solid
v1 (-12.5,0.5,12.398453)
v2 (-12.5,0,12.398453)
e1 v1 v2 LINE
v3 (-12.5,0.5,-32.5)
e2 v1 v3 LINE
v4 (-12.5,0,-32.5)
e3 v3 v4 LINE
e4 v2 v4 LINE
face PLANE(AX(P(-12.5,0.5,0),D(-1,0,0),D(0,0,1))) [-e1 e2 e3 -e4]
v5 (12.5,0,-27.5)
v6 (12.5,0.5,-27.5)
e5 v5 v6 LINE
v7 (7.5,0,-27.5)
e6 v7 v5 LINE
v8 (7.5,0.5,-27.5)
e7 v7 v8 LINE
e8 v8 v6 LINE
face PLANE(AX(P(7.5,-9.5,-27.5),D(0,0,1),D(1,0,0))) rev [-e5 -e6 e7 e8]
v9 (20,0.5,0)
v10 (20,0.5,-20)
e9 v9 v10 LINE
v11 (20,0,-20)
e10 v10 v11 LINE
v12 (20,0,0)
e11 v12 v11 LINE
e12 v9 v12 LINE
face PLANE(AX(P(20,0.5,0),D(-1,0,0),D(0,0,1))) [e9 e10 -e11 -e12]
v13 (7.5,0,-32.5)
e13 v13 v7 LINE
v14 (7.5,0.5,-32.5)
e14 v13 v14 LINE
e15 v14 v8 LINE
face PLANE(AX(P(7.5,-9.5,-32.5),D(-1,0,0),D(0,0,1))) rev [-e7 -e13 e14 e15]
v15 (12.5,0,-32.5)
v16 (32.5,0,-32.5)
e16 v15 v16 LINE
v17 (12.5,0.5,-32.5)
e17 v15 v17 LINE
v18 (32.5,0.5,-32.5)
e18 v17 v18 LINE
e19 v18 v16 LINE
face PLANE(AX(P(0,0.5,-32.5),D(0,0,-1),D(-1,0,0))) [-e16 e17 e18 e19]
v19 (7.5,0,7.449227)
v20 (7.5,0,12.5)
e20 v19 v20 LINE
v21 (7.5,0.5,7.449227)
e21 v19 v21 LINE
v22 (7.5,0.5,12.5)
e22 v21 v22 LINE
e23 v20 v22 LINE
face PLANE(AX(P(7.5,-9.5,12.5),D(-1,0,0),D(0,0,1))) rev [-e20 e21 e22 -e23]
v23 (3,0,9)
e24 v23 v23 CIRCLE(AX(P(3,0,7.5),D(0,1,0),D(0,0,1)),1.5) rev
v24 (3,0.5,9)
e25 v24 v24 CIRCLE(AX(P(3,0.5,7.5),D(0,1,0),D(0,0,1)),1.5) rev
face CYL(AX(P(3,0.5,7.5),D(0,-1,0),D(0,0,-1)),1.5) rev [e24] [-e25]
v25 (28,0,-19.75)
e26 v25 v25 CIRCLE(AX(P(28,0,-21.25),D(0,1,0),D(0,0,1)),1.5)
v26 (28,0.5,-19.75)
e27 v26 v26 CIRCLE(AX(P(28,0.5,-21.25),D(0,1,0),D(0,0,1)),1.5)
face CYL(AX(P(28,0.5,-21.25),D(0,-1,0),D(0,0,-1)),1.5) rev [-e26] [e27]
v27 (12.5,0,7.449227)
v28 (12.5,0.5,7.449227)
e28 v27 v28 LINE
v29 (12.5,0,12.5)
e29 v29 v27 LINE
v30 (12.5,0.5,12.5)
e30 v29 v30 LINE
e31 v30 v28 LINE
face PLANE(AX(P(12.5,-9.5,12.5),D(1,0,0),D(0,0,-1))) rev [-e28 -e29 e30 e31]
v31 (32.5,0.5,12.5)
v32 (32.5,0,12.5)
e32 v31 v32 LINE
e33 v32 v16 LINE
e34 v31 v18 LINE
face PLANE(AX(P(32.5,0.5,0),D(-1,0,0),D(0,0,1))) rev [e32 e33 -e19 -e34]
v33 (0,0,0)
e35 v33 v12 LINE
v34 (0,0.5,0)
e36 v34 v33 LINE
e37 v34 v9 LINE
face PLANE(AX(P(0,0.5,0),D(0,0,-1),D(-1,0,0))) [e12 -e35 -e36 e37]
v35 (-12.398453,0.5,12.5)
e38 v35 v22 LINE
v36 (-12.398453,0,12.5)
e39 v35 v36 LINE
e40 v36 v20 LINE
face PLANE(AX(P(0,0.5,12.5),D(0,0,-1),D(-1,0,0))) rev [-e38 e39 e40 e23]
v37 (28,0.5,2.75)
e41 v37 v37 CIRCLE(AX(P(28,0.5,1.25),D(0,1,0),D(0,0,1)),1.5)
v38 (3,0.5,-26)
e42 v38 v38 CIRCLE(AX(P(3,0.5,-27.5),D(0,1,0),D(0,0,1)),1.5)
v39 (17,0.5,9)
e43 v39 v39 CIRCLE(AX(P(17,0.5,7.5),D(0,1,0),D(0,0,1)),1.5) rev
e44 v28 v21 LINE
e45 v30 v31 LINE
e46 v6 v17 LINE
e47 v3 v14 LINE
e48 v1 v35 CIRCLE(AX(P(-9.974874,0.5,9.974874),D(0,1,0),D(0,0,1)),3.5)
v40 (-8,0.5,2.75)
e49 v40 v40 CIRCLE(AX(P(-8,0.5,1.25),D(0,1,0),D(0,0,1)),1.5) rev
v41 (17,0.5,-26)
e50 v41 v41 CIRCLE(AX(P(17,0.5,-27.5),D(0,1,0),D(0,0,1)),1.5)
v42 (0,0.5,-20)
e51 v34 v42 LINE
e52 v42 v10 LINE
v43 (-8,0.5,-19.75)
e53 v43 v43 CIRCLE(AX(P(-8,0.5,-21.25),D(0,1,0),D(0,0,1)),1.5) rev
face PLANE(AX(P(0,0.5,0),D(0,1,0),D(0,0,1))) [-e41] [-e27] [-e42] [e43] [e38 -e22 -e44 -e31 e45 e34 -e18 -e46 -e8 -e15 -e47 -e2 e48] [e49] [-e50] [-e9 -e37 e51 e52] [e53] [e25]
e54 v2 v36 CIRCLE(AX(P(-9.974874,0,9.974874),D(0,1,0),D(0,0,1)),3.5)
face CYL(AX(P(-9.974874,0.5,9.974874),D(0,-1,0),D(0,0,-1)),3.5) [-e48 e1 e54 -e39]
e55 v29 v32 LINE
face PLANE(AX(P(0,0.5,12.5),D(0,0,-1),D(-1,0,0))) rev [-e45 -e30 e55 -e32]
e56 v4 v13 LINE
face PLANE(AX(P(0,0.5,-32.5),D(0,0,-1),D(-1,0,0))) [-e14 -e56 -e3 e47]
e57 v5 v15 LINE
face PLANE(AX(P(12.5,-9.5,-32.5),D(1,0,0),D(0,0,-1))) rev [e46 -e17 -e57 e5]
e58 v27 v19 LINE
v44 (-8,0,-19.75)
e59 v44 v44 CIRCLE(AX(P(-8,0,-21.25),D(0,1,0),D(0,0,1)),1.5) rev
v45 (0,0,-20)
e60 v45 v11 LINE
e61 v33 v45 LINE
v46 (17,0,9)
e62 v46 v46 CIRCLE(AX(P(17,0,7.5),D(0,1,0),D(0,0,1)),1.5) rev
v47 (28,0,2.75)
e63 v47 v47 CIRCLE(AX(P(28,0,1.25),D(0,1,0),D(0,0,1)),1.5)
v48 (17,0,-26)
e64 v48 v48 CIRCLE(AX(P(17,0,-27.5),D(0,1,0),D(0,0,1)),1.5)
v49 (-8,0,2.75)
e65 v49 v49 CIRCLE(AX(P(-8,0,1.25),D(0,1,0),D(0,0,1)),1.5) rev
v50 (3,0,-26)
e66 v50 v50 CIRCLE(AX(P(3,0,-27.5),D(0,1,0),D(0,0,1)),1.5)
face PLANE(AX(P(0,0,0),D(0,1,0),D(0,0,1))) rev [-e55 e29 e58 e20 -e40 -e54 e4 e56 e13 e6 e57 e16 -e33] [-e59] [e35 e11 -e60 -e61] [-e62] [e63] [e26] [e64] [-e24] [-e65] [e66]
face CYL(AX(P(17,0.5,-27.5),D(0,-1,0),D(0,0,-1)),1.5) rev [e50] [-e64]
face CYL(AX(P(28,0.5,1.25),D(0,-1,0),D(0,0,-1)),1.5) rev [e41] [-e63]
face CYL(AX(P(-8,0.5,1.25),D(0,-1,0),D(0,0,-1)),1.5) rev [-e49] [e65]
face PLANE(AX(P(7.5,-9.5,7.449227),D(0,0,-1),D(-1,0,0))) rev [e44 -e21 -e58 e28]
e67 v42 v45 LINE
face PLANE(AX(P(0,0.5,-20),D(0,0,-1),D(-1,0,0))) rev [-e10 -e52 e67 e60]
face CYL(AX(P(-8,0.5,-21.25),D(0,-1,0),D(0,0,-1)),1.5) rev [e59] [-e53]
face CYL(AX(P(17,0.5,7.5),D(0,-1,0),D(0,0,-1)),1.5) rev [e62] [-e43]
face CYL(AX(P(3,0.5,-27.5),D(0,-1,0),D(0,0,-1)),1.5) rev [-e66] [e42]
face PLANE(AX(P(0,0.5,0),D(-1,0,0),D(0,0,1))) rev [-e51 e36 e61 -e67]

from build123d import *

# Parameters (mm, degrees)
CROQUIS1_R              = 1.5
CROQUIS1_W              = 20
CROQUIS1_H              = 20
SALIENTE_EXTRUIR1_DEPTH = 0.5
CROQUIS3_W              = 5
CROQUIS3_H              = 5
CROQUIS3_H_2            = 5.050773409
CORTAR_EXTRUIR2_DEPTH   = 10


with BuildPart() as part:
    # Croquis1 → Saliente-Extruir1 (new body)
    with BuildSketch(Plane(origin=(0, 0, 0), x_dir=(1, 0, 0), z_dir=(0, 1, 0))):
        with BuildLine():
            ThreePointArc((-12.5, -12.398453182), (-12.449747468, -12.449747468), (-12.398453182, -12.5))
            Line((-12.398453182, -12.5), (32.5, -12.5))
            Line((32.5, -12.5), (32.5, 32.5))
            Line((32.5, 32.5), (-12.5, 32.5))
            Line((-12.5, 32.5), (-12.5, -12.398453182))
        make_face()
        with Locations(Location((3, -7.5, 0), (0, 0, 270))):
            Circle(CROQUIS1_R, mode=Mode.SUBTRACT)
        with Locations(Location((-8, -1.25, 0), (0, 0, 270))):
            Circle(CROQUIS1_R, mode=Mode.SUBTRACT)
        with Locations(Location((17, -7.5, 0), (0, 0, 270))):
            Circle(CROQUIS1_R, mode=Mode.SUBTRACT)
        with Locations(Location((28, -1.25, 0), (0, 0, 270))):
            Circle(CROQUIS1_R, mode=Mode.SUBTRACT)
        with Locations(Location((-8, 21.25, 0), (0, 0, 270))):
            Circle(CROQUIS1_R, mode=Mode.SUBTRACT)
        with Locations(Location((3, 27.5, 0), (0, 0, 270))):
            Circle(CROQUIS1_R, mode=Mode.SUBTRACT)
        with Locations((10, 10)):
            Rectangle(CROQUIS1_W, CROQUIS1_H, mode=Mode.SUBTRACT)
        with Locations(Location((17, 27.5, 0), (0, 0, 270))):
            Circle(CROQUIS1_R, mode=Mode.SUBTRACT)
        with Locations(Location((28, 21.25, 0), (0, 0, 270))):
            Circle(CROQUIS1_R, mode=Mode.SUBTRACT)
    extrude(amount=SALIENTE_EXTRUIR1_DEPTH)

    # Croquis3 → Cortar-Extruir2 (cut)
    with BuildSketch(Plane(origin=(0, 0.5, 0), x_dir=(1, 0, 0), z_dir=(0, 1, 0))):
        with Locations((10, 30)):
            Rectangle(CROQUIS3_W, CROQUIS3_H)
        with Locations((10, -9.974613295)):
            Rectangle(CROQUIS3_W, CROQUIS3_H_2)
    extrude(amount=-CORTAR_EXTRUIR2_DEPTH, mode=Mode.SUBTRACT)


solid = part.part
